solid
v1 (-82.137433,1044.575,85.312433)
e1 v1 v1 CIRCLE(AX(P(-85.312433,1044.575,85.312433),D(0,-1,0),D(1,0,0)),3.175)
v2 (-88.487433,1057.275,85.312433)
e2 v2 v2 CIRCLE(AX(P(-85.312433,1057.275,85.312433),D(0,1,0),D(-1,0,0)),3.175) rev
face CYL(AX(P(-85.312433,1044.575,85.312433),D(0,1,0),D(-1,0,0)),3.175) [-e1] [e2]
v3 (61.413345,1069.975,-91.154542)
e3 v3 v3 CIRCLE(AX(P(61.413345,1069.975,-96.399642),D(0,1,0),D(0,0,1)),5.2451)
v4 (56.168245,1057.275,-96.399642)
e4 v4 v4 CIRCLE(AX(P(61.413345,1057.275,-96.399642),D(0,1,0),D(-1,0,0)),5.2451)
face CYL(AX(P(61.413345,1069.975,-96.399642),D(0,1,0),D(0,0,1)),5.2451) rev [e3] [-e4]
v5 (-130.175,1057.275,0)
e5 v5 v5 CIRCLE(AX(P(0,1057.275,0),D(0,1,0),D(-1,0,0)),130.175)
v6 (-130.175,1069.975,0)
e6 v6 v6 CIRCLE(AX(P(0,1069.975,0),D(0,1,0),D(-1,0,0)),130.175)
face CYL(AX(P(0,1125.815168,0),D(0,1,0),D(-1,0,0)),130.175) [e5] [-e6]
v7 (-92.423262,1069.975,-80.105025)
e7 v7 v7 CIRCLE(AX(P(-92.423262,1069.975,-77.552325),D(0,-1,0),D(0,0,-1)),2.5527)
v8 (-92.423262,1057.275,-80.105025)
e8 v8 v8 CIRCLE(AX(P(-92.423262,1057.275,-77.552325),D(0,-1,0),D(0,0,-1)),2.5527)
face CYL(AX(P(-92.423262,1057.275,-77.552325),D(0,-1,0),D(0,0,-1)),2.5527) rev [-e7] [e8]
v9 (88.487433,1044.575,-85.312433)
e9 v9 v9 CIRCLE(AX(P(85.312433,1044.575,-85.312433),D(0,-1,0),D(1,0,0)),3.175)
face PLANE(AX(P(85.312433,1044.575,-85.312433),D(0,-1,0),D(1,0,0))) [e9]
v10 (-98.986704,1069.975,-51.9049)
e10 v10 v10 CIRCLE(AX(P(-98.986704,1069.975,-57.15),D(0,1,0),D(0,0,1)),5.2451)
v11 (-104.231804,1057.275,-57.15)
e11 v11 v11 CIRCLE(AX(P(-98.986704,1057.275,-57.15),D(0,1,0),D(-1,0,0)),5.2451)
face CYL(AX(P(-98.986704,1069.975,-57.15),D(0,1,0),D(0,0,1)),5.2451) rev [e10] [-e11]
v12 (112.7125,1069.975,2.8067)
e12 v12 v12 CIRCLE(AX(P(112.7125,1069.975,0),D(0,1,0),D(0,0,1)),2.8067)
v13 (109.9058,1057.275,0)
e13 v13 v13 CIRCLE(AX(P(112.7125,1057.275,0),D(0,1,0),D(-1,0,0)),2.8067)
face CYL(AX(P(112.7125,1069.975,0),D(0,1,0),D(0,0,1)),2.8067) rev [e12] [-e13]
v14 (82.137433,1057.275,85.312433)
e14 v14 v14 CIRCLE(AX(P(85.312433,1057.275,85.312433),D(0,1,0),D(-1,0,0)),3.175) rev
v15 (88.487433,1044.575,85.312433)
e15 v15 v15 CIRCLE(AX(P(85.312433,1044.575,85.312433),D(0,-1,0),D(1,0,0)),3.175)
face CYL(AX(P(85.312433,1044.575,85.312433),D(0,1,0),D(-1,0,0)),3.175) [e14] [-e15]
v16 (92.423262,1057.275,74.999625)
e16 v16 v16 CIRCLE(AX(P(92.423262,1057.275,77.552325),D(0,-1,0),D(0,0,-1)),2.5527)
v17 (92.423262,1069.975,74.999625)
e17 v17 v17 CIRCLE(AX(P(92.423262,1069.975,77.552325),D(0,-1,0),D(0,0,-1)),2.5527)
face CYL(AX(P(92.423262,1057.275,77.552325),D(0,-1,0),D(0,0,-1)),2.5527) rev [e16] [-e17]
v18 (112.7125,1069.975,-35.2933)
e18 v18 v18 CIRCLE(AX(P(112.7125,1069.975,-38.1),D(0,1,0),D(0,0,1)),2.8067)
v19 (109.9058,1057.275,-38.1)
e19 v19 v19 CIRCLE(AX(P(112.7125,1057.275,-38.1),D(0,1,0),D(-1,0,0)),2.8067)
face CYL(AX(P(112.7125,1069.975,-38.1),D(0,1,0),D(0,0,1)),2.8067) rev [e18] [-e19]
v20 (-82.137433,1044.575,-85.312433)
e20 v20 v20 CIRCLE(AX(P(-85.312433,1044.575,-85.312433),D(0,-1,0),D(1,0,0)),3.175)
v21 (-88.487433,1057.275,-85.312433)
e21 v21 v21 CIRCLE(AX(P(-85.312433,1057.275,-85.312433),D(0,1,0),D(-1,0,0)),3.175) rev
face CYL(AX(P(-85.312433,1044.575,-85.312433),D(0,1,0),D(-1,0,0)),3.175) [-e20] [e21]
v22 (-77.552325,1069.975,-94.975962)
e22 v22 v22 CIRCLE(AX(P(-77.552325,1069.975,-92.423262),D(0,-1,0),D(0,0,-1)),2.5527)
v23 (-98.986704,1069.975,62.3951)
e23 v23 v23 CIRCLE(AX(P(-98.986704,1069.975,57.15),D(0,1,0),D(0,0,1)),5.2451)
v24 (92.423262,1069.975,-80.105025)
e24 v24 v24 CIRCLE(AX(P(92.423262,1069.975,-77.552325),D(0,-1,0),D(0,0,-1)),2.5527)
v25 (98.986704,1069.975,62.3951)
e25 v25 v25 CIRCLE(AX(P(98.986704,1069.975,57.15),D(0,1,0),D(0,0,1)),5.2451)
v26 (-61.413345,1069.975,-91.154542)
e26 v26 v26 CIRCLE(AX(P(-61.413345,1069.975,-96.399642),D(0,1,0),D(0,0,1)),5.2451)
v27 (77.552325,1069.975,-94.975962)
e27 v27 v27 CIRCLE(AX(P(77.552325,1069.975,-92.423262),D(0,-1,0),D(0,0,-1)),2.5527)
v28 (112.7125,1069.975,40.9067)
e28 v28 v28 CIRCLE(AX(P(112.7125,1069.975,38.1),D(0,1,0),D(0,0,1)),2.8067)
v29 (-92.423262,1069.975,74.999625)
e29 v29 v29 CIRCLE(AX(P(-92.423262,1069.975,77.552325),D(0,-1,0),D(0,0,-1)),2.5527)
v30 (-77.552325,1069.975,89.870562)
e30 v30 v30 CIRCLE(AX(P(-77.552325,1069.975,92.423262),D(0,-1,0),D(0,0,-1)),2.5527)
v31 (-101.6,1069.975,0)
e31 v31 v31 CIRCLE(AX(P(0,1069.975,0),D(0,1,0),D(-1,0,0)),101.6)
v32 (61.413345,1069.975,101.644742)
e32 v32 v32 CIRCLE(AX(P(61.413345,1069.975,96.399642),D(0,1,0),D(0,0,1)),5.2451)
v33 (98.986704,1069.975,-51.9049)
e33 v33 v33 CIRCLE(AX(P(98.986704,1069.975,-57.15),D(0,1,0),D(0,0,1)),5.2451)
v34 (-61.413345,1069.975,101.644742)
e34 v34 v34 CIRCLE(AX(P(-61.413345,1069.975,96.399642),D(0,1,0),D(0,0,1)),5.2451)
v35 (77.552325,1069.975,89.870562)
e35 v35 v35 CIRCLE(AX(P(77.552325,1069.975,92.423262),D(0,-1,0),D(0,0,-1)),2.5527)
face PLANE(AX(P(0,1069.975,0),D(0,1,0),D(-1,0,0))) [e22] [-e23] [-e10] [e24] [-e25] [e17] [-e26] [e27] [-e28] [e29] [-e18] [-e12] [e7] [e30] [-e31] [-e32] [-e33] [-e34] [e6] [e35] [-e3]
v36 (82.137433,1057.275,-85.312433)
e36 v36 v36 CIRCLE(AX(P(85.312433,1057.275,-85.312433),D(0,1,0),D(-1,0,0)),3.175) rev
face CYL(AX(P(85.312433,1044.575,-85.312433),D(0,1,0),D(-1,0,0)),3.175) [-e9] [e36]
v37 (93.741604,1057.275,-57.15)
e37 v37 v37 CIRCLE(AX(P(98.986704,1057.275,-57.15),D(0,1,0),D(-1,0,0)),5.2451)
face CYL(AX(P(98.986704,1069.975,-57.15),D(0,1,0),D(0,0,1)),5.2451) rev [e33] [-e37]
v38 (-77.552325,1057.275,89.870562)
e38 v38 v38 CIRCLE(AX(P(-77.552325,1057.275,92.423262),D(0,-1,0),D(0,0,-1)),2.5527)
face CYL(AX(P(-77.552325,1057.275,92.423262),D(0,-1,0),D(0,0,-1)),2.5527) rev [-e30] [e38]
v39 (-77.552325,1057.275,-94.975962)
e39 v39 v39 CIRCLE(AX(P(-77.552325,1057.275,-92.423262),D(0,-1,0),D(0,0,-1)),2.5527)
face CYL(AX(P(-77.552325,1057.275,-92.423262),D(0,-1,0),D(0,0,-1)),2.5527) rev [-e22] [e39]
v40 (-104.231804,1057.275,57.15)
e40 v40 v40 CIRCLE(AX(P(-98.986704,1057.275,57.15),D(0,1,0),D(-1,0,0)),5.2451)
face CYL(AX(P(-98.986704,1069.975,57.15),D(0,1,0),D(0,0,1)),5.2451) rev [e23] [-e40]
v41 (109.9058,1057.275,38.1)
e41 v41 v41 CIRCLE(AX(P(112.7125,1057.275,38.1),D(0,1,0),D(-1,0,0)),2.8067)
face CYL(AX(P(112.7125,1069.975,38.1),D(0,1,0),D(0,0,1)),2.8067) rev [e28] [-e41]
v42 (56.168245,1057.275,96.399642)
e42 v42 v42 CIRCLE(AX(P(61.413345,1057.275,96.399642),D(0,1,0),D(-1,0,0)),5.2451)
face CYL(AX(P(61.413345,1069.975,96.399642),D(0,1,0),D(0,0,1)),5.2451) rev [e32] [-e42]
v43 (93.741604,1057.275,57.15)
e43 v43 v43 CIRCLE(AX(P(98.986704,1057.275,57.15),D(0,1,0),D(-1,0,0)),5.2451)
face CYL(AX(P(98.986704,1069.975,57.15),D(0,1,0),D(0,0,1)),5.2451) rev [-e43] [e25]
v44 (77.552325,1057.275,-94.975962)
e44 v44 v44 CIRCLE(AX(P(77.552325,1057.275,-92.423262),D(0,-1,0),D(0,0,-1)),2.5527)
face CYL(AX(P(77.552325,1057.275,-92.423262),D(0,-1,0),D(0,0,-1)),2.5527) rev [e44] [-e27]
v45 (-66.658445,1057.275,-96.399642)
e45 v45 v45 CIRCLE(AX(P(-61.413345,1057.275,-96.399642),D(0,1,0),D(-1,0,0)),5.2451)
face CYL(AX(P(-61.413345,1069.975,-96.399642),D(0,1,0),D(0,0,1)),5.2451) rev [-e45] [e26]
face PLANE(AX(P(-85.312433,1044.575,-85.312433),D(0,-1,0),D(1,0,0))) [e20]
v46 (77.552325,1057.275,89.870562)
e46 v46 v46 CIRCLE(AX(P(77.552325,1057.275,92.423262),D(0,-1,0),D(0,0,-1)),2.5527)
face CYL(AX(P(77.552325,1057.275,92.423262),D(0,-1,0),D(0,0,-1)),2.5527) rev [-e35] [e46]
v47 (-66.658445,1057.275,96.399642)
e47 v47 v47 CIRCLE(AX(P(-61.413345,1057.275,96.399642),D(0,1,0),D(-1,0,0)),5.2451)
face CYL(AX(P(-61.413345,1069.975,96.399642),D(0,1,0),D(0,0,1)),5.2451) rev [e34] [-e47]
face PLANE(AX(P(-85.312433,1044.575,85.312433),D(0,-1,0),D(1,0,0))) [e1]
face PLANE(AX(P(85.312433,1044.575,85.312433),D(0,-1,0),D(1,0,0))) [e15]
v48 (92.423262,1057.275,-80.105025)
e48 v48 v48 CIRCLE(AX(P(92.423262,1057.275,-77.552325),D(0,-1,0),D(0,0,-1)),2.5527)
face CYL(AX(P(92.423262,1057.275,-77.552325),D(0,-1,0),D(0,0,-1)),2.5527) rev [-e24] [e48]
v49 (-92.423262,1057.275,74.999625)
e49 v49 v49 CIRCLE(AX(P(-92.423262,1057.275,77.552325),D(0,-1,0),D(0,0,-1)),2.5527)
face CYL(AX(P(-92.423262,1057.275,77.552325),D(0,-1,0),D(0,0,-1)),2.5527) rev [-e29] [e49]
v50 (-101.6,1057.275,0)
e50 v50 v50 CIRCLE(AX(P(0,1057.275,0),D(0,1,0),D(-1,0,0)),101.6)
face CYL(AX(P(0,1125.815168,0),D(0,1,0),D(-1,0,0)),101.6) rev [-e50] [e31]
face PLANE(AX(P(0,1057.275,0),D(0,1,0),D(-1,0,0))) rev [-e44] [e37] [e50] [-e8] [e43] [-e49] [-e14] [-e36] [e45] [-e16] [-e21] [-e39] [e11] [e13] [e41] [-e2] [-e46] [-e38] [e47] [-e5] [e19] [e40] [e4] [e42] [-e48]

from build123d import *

# Parameters (mm, degrees)
SKETCH6_R                = 3.175
BOSS_EXTRUDE1_DEPTH      = 12.7
F_1_4_20_TAPPED_HOLE1_D  = 5.1054
CIRPATTERN1_COUNT        = 4
F_10_CLEARANCE_HOLE1_D   = 5.6134
Z_0_413_DIAMETER_HOLE1_D = 10.4902


with BuildPart() as part:
    # Sketch1 → Revolve1 (revolve)
    with BuildSketch(Plane.XY):
        Polygon((101.6, 1069.975), (101.6, 1057.275), (114.3, 1057.275), (130.175, 1057.275), (130.175, 1069.975), align=None)
    revolve(axis=Axis((0, 1125.81516809, 0), (0, -1, 0)))

    # Sketch6 → Boss-Extrude1 (add)
    with BuildSketch(Plane.XZ.offset(-1057.275)):
        with Locations((-85.31243315, 85.31243315)):
            Circle(SKETCH6_R)
        with Locations((85.31243315, 85.31243315)):
            Circle(SKETCH6_R)
        with Locations((85.31243315, -85.31243315)):
            Circle(SKETCH6_R)
        with Locations((-85.31243315, -85.31243315)):
            Circle(SKETCH6_R)
    extrude(amount=BOSS_EXTRUDE1_DEPTH)

    # 1/4-20 Tapped Hole1 (through all)
    with Locations(Plane(origin=(0, 1057.275, 0), x_dir=(-1, 0, 0), z_dir=(0, -1, 0))):
        with Locations((77.552325109, 92.423262062), (92.423262062, 77.552325109)):
            f_1_4_20_tapped_hole1 = Hole(F_1_4_20_TAPPED_HOLE1_D / 2)

    # CirPattern1: 1/4-20 Tapped Hole1 ×4 about axis
    cirpattern1_axis = Axis((0, 1125.81516809, 0), (0, 1, 0))
    for i in range(1, CIRPATTERN1_COUNT):
        add(f_1_4_20_tapped_hole1.rotate(cirpattern1_axis, i * 360 / CIRPATTERN1_COUNT), mode=Mode.SUBTRACT)

    # #10 Clearance Hole1 (through all)
    with Locations(Plane(origin=(0, 1069.975, 0), x_dir=(1, 0, 0), z_dir=(0, 1, 0))):
        with Locations((112.7125, 38.1), (112.7125, 0), (112.7125, -38.1)):
            Hole(F_10_CLEARANCE_HOLE1_D / 2)

    # Z (0.413) Diameter Hole1 (through all)
    with Locations(Plane(origin=(0, 1069.975, 0), x_dir=(1, 0, 0), z_dir=(0, 1, 0))):
        with Locations((-98.986703653, -57.15), (98.986703653, -57.15), (98.986703653, 57.15), (-98.986703653, 57.15), (-61.413345234, 96.399642256), (61.413345234, 96.399642256), (61.413345234, -96.399642256), (-61.413345234, -96.399642256)):
            Hole(Z_0_413_DIAMETER_HOLE1_D / 2)


solid = part.part
